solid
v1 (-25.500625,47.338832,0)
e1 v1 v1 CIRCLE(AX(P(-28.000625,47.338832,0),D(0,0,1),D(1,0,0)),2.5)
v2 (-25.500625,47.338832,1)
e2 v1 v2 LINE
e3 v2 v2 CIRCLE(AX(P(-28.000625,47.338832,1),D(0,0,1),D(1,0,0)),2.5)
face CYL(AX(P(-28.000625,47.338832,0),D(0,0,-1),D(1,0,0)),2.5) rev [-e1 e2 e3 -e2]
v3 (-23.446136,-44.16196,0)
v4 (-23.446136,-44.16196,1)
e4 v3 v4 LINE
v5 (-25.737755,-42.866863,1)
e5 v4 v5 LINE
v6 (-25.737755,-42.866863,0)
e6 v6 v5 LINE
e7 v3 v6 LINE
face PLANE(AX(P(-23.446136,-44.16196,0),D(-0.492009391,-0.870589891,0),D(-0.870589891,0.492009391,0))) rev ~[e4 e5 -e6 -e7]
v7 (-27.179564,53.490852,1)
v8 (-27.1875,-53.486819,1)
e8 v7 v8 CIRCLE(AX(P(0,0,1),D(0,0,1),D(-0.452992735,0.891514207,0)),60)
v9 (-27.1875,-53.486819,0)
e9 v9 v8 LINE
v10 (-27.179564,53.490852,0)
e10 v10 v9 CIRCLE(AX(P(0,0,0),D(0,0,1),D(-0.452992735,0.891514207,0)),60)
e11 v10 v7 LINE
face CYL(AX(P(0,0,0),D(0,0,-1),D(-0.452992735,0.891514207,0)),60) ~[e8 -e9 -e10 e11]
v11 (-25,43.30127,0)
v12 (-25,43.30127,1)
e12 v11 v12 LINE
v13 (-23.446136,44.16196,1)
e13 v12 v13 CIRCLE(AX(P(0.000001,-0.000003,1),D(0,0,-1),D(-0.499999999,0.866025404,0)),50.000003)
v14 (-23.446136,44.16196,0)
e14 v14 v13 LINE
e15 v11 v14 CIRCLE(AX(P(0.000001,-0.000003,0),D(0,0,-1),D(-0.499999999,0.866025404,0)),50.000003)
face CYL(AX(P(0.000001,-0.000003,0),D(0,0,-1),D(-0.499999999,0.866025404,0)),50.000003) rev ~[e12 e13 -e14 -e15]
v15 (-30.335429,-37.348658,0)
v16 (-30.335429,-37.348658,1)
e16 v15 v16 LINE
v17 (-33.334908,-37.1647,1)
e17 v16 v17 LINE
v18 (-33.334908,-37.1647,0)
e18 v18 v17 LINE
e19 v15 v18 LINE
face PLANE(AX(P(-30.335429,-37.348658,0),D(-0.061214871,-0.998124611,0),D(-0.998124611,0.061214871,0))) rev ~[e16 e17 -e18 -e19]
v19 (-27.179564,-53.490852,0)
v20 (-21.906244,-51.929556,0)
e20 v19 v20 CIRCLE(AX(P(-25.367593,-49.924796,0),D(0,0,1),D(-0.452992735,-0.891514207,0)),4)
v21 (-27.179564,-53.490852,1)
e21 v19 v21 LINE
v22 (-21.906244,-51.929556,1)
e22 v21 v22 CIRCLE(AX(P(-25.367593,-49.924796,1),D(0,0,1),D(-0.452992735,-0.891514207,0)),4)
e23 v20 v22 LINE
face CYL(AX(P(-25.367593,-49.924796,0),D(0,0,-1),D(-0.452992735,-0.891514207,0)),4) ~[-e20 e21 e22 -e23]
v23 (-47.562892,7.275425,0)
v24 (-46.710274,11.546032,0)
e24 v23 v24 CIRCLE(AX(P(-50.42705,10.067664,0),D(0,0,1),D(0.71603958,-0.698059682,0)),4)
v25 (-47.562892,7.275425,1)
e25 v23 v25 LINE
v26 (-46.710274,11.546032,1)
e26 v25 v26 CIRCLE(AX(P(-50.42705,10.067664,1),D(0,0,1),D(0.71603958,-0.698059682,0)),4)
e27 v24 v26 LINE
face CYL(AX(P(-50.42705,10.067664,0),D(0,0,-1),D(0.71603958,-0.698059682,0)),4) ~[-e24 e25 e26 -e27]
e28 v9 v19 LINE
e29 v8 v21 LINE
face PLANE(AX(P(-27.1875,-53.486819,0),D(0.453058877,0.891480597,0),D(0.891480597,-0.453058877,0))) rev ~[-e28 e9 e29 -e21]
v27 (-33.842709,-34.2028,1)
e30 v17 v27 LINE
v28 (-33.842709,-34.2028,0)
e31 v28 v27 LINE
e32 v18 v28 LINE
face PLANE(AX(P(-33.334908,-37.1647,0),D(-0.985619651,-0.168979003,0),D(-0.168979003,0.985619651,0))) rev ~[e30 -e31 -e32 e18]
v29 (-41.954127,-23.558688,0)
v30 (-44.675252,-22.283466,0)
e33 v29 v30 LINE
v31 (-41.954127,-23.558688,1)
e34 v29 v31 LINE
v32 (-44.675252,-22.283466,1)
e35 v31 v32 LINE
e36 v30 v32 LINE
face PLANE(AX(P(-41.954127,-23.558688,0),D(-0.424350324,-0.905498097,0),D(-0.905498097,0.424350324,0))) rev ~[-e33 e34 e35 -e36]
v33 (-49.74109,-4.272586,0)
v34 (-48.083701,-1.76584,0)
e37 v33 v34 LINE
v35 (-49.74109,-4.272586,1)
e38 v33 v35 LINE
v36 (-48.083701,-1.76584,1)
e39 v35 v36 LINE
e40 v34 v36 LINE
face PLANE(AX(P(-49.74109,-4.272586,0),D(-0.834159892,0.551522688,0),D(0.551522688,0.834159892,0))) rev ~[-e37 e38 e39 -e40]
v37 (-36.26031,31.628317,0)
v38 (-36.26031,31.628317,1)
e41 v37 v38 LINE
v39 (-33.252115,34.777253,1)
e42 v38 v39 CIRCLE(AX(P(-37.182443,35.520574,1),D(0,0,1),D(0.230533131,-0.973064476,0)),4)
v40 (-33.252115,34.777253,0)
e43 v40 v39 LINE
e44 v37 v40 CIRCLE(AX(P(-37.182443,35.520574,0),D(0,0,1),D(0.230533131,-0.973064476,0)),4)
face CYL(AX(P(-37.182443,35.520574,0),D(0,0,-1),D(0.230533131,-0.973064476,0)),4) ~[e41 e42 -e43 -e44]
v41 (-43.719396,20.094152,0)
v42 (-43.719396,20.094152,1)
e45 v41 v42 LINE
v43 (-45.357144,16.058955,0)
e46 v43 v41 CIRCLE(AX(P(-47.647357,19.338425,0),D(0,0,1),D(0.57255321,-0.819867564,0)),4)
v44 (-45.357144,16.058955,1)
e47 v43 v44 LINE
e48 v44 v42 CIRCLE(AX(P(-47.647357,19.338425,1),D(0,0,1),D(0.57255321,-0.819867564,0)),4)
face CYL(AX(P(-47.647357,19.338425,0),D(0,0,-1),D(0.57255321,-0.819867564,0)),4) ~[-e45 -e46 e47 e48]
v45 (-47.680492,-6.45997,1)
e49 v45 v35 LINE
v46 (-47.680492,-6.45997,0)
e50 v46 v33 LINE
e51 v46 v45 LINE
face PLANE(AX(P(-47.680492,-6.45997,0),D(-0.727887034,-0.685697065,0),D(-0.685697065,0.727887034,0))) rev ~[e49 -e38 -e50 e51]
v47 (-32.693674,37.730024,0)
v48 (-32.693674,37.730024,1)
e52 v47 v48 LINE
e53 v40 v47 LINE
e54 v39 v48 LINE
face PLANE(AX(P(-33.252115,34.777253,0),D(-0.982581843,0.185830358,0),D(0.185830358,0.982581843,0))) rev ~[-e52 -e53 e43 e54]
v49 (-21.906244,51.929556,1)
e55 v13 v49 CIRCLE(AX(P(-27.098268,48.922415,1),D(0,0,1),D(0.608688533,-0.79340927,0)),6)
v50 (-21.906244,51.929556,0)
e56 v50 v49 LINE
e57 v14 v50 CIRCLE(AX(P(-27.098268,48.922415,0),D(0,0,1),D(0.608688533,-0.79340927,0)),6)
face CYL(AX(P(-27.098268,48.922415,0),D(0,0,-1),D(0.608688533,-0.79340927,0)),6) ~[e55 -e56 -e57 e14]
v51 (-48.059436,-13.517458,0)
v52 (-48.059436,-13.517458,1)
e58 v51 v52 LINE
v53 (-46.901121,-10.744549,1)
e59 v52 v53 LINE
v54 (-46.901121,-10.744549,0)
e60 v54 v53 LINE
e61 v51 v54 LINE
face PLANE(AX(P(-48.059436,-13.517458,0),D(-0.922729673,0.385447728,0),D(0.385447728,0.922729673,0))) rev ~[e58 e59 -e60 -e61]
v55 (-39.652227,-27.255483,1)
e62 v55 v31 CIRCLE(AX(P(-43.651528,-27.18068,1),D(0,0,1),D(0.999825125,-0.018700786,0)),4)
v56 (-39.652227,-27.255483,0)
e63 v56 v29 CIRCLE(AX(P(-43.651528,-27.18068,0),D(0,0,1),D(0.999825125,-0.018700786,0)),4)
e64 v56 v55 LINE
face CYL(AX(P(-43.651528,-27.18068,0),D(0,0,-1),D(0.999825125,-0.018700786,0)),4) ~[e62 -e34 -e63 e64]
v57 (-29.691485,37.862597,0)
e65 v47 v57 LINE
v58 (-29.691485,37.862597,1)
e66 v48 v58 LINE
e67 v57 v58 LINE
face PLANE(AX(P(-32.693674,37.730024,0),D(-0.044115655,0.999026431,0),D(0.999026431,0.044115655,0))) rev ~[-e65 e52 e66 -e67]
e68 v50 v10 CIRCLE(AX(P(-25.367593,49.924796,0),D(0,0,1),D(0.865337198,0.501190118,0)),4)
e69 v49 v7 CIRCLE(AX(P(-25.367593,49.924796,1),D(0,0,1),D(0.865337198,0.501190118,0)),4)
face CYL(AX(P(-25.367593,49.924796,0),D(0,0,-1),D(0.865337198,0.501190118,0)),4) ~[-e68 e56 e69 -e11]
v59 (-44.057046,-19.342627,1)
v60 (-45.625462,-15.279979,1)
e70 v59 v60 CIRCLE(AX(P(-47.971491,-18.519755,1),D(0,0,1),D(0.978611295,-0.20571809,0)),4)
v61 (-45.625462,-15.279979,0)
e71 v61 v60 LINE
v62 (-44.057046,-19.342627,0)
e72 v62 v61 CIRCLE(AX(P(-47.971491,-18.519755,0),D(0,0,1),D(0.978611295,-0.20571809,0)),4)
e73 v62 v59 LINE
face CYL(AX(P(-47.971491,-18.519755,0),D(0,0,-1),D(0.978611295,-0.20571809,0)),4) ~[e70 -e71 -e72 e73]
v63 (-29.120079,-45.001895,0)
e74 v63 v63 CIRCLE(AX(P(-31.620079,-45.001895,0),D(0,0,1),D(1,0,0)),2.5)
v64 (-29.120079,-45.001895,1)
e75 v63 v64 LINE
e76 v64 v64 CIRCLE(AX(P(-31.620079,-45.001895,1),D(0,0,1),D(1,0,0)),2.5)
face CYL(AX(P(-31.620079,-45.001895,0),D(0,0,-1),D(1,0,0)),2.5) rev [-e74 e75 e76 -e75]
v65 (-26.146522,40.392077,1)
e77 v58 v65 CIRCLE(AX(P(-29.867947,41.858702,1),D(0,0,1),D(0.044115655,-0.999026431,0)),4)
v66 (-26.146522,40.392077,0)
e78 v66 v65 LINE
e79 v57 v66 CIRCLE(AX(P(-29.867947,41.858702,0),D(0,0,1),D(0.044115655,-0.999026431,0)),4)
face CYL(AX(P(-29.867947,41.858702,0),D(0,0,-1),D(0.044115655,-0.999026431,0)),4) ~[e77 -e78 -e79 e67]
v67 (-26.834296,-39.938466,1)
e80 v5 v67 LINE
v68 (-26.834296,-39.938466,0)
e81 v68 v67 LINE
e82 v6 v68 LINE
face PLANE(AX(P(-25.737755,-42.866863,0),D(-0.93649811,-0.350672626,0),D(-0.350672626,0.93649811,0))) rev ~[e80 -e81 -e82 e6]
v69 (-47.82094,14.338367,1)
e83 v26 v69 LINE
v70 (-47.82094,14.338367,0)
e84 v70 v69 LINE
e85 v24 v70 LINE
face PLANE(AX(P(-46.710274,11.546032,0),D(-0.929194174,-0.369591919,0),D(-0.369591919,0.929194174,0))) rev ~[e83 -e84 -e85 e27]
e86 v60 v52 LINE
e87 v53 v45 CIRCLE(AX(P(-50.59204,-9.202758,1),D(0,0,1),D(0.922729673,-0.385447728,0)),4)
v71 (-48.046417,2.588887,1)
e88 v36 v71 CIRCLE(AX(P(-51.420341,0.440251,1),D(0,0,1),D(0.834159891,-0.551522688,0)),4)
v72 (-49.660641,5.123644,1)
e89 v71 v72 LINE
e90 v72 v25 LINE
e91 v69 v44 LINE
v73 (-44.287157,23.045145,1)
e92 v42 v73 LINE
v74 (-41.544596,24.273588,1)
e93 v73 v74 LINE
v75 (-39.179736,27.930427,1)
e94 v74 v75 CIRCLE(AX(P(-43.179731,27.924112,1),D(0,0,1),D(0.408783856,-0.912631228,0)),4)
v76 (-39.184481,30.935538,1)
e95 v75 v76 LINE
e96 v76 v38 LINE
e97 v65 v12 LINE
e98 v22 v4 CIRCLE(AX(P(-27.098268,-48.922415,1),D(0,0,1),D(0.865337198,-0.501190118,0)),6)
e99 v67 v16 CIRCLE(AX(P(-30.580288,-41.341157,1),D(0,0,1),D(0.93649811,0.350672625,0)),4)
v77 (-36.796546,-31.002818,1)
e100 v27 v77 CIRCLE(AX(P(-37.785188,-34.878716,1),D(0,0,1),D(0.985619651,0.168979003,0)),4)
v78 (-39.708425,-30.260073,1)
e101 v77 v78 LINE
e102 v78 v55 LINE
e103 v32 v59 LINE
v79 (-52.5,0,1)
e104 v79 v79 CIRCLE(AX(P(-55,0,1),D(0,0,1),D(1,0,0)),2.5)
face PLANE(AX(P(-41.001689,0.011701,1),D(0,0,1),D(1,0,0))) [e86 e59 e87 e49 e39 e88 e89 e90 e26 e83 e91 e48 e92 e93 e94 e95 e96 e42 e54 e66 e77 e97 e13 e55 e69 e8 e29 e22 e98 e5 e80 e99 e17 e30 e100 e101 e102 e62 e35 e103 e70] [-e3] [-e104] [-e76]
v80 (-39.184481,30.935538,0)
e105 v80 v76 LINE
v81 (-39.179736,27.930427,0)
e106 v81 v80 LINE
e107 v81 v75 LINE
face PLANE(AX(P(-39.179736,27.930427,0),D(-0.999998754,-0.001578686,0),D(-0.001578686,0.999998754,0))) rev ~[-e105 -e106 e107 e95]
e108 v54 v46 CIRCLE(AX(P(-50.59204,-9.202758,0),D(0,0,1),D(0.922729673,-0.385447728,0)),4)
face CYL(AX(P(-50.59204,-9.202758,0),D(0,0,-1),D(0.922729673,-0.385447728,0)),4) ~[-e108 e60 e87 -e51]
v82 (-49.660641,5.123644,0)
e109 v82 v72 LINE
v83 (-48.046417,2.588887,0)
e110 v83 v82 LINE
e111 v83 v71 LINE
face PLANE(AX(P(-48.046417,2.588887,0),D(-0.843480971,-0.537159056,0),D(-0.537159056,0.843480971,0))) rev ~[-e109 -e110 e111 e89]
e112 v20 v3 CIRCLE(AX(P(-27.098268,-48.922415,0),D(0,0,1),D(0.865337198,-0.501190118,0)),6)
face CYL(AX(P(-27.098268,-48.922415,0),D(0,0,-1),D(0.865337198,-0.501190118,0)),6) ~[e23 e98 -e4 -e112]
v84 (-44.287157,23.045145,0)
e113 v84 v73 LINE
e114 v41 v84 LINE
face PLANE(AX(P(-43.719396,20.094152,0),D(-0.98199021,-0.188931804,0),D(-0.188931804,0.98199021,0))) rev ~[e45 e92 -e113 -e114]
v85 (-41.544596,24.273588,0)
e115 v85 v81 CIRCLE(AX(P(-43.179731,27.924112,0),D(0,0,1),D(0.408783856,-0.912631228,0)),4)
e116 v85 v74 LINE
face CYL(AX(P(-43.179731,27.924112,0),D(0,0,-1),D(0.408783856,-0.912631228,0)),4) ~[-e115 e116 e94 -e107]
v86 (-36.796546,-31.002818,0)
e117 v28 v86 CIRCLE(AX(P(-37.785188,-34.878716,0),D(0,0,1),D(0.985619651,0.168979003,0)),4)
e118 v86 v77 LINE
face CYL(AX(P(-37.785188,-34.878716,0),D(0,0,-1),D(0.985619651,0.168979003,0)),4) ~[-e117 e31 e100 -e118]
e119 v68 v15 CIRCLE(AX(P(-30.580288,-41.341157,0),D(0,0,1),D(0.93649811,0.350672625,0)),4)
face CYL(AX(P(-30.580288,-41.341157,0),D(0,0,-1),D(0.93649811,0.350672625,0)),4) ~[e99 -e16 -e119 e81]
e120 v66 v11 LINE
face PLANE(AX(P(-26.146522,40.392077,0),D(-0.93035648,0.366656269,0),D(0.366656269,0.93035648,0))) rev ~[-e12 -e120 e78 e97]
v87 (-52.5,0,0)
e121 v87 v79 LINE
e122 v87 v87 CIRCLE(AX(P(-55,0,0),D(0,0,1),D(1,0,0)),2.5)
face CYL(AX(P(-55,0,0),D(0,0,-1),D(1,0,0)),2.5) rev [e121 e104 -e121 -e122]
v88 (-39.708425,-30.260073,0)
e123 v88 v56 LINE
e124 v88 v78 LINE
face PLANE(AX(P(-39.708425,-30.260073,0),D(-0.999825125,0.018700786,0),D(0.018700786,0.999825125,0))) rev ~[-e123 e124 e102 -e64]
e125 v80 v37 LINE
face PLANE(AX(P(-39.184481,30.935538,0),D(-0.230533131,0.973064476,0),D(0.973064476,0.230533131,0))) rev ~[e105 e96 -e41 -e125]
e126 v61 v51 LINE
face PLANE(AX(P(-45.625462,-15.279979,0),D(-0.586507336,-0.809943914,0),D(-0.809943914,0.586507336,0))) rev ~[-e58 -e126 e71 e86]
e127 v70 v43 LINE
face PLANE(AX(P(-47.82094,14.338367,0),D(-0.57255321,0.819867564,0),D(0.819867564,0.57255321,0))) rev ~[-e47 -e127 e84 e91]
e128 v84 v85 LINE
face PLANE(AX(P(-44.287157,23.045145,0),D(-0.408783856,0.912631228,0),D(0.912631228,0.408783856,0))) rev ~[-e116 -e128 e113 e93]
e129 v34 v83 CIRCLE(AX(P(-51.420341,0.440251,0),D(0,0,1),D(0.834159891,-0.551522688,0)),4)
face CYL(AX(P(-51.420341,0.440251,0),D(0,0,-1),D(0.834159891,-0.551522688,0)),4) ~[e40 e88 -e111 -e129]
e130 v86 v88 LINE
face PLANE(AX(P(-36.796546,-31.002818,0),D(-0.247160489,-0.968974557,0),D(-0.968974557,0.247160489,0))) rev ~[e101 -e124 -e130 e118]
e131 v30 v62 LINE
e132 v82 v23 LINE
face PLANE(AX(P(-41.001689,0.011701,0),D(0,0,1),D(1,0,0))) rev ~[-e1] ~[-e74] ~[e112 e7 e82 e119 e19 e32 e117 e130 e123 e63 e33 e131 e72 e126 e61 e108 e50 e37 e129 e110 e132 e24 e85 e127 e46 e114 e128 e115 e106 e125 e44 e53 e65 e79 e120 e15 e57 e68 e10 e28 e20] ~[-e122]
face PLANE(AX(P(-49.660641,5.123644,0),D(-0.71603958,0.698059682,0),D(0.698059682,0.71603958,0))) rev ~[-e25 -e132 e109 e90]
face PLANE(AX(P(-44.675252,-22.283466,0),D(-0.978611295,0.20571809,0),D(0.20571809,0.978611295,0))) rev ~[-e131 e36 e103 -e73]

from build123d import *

# Parameters (mm, degrees)
IZIM1_R                     = 2.5
Y_KSEKLIK_EKSTR_ZYON1_DEPTH = 1


with BuildPart() as part:
    # Çizim1 → Yükseklik-Ekstrüzyon1 (new body)
    with BuildSketch(Plane.XY):
        with BuildLine():
            Line((-23.446136356, -44.161959762), (-25.73775467, -42.866863479))
            Line((-25.73775467, -42.866863479), (-26.834295942, -39.938466016))
            ThreePointArc((-26.834295942, -39.938466016), (-28.201527977, -38.125336415), (-30.335428898, -37.348658075))
            Line((-30.335428898, -37.348658075), (-33.334907776, -37.164700371))
            Line((-33.334907776, -37.164700371), (-33.842709051, -34.202800331))
            ThreePointArc((-33.842709051, -34.202800331), (-34.84597704, -32.165592505), (-36.7965457, -31.002818113))
            Line((-36.7965457, -31.002818113), (-39.708425324, -30.260072511))
            Line((-39.708425324, -30.260072511), (-39.652227319, -27.255483394))
            ThreePointArc((-39.652227319, -27.255483394), (-40.255989993, -25.066366444), (-41.954126526, -23.558687864))
            Line((-41.954126526, -23.558687864), (-44.675252109, -22.283466496))
            Line((-44.675252109, -22.283466496), (-44.057045667, -19.342627369))
            ThreePointArc((-44.057045667, -19.342627369), (-44.239914432, -17.079151855), (-45.625461503, -15.279979352))
            Line((-45.625461503, -15.279979352), (-48.059435816, -13.517457571))
            Line((-48.059435816, -13.517457571), (-46.901121207, -10.744549126))
            ThreePointArc((-46.901121207, -10.744549126), (-46.656617846, -8.486899797), (-47.680491761, -6.459969953))
            Line((-47.680491761, -6.459969953), (-49.741090048, -4.272585973))
            Line((-49.741090048, -4.272585973), (-48.083701146, -1.765839874))
            ThreePointArc((-48.083701146, -1.765839874), (-47.420487313, 0.406004917), (-48.046416828, 2.588887101))
            Line((-48.046416828, 2.588887101), (-49.660641368, 5.123644113))
            Line((-49.660641368, 5.123644113), (-47.562892001, 7.275425136))
            ThreePointArc((-47.562892001, 7.275425136), (-46.504462376, 9.284526705), (-46.710273625, 11.546031539))
            Line((-46.710273625, 11.546031539), (-47.82093971, 14.338366552))
            Line((-47.82093971, 14.338366552), (-45.357143694, 16.058954583))
            ThreePointArc((-45.357143694, 16.058954583), (-43.940993675, 17.834139505), (-43.719395692, 20.094152054))
            Line((-43.719395692, 20.094152054), (-44.287157421, 23.045145208))
            Line((-44.287157421, 23.045145208), (-41.54459596, 24.273587558))
            ThreePointArc((-41.54459596, 24.273587558), (-39.820893366, 25.751969023), (-39.17973637, 27.930427214))
            Line((-39.17973637, 27.930427214), (-39.184480502, 30.935538106))
            Line((-39.184480502, 30.935538106), (-36.260310201, 31.628316593))
            ThreePointArc((-36.260310201, 31.628316593), (-34.290118058, 32.757522199), (-33.252115355, 34.777253066))
            Line((-33.252115355, 34.777253066), (-32.693673826, 37.730024144))
            Line((-32.693673826, 37.730024144), (-29.691484877, 37.862596744))
            ThreePointArc((-29.691484877, 37.862596744), (-27.544598222, 38.602623821), (-26.146521576, 40.39207739))
            Line((-26.146521576, 40.39207739), (-25, 43.301270189))
            ThreePointArc((-25, 43.301270189), (-24.226890609, 43.73851588), (-23.446136356, 44.161959762))
            ThreePointArc((-23.446136356, 44.161959762), (-21.212806241, 47.755648425), (-21.906244367, 51.929556087))
            ThreePointArc((-21.906244367, 51.929556087), (-24.232021318, 53.76021953), (-27.179564099, 53.490852446))
            ThreePointArc((-27.179564099, 53.490852446), (-59.999999835, 0.004450967), (-27.1875, -53.486819346))
            Line((-27.1875, -53.486819346), (-27.179564099, -53.490852446))
            ThreePointArc((-27.179564099, -53.490852446), (-24.232021318, -53.76021953), (-21.906244367, -51.929556087))
            ThreePointArc((-21.906244367, -51.929556087), (-21.212806241, -47.755648425), (-23.446136356, -44.161959762))
        make_face()
        with Locations((-31.620079453, -45.001895242)):
            Circle(IZIM1_R, mode=Mode.SUBTRACT)
        with Locations((-55, 0)):
            Circle(IZIM1_R, mode=Mode.SUBTRACT)
        with Locations((-28.000624989, 47.338831842)):
            Circle(IZIM1_R, mode=Mode.SUBTRACT)
    extrude(amount=Y_KSEKLIK_EKSTR_ZYON1_DEPTH)


solid = part.part
